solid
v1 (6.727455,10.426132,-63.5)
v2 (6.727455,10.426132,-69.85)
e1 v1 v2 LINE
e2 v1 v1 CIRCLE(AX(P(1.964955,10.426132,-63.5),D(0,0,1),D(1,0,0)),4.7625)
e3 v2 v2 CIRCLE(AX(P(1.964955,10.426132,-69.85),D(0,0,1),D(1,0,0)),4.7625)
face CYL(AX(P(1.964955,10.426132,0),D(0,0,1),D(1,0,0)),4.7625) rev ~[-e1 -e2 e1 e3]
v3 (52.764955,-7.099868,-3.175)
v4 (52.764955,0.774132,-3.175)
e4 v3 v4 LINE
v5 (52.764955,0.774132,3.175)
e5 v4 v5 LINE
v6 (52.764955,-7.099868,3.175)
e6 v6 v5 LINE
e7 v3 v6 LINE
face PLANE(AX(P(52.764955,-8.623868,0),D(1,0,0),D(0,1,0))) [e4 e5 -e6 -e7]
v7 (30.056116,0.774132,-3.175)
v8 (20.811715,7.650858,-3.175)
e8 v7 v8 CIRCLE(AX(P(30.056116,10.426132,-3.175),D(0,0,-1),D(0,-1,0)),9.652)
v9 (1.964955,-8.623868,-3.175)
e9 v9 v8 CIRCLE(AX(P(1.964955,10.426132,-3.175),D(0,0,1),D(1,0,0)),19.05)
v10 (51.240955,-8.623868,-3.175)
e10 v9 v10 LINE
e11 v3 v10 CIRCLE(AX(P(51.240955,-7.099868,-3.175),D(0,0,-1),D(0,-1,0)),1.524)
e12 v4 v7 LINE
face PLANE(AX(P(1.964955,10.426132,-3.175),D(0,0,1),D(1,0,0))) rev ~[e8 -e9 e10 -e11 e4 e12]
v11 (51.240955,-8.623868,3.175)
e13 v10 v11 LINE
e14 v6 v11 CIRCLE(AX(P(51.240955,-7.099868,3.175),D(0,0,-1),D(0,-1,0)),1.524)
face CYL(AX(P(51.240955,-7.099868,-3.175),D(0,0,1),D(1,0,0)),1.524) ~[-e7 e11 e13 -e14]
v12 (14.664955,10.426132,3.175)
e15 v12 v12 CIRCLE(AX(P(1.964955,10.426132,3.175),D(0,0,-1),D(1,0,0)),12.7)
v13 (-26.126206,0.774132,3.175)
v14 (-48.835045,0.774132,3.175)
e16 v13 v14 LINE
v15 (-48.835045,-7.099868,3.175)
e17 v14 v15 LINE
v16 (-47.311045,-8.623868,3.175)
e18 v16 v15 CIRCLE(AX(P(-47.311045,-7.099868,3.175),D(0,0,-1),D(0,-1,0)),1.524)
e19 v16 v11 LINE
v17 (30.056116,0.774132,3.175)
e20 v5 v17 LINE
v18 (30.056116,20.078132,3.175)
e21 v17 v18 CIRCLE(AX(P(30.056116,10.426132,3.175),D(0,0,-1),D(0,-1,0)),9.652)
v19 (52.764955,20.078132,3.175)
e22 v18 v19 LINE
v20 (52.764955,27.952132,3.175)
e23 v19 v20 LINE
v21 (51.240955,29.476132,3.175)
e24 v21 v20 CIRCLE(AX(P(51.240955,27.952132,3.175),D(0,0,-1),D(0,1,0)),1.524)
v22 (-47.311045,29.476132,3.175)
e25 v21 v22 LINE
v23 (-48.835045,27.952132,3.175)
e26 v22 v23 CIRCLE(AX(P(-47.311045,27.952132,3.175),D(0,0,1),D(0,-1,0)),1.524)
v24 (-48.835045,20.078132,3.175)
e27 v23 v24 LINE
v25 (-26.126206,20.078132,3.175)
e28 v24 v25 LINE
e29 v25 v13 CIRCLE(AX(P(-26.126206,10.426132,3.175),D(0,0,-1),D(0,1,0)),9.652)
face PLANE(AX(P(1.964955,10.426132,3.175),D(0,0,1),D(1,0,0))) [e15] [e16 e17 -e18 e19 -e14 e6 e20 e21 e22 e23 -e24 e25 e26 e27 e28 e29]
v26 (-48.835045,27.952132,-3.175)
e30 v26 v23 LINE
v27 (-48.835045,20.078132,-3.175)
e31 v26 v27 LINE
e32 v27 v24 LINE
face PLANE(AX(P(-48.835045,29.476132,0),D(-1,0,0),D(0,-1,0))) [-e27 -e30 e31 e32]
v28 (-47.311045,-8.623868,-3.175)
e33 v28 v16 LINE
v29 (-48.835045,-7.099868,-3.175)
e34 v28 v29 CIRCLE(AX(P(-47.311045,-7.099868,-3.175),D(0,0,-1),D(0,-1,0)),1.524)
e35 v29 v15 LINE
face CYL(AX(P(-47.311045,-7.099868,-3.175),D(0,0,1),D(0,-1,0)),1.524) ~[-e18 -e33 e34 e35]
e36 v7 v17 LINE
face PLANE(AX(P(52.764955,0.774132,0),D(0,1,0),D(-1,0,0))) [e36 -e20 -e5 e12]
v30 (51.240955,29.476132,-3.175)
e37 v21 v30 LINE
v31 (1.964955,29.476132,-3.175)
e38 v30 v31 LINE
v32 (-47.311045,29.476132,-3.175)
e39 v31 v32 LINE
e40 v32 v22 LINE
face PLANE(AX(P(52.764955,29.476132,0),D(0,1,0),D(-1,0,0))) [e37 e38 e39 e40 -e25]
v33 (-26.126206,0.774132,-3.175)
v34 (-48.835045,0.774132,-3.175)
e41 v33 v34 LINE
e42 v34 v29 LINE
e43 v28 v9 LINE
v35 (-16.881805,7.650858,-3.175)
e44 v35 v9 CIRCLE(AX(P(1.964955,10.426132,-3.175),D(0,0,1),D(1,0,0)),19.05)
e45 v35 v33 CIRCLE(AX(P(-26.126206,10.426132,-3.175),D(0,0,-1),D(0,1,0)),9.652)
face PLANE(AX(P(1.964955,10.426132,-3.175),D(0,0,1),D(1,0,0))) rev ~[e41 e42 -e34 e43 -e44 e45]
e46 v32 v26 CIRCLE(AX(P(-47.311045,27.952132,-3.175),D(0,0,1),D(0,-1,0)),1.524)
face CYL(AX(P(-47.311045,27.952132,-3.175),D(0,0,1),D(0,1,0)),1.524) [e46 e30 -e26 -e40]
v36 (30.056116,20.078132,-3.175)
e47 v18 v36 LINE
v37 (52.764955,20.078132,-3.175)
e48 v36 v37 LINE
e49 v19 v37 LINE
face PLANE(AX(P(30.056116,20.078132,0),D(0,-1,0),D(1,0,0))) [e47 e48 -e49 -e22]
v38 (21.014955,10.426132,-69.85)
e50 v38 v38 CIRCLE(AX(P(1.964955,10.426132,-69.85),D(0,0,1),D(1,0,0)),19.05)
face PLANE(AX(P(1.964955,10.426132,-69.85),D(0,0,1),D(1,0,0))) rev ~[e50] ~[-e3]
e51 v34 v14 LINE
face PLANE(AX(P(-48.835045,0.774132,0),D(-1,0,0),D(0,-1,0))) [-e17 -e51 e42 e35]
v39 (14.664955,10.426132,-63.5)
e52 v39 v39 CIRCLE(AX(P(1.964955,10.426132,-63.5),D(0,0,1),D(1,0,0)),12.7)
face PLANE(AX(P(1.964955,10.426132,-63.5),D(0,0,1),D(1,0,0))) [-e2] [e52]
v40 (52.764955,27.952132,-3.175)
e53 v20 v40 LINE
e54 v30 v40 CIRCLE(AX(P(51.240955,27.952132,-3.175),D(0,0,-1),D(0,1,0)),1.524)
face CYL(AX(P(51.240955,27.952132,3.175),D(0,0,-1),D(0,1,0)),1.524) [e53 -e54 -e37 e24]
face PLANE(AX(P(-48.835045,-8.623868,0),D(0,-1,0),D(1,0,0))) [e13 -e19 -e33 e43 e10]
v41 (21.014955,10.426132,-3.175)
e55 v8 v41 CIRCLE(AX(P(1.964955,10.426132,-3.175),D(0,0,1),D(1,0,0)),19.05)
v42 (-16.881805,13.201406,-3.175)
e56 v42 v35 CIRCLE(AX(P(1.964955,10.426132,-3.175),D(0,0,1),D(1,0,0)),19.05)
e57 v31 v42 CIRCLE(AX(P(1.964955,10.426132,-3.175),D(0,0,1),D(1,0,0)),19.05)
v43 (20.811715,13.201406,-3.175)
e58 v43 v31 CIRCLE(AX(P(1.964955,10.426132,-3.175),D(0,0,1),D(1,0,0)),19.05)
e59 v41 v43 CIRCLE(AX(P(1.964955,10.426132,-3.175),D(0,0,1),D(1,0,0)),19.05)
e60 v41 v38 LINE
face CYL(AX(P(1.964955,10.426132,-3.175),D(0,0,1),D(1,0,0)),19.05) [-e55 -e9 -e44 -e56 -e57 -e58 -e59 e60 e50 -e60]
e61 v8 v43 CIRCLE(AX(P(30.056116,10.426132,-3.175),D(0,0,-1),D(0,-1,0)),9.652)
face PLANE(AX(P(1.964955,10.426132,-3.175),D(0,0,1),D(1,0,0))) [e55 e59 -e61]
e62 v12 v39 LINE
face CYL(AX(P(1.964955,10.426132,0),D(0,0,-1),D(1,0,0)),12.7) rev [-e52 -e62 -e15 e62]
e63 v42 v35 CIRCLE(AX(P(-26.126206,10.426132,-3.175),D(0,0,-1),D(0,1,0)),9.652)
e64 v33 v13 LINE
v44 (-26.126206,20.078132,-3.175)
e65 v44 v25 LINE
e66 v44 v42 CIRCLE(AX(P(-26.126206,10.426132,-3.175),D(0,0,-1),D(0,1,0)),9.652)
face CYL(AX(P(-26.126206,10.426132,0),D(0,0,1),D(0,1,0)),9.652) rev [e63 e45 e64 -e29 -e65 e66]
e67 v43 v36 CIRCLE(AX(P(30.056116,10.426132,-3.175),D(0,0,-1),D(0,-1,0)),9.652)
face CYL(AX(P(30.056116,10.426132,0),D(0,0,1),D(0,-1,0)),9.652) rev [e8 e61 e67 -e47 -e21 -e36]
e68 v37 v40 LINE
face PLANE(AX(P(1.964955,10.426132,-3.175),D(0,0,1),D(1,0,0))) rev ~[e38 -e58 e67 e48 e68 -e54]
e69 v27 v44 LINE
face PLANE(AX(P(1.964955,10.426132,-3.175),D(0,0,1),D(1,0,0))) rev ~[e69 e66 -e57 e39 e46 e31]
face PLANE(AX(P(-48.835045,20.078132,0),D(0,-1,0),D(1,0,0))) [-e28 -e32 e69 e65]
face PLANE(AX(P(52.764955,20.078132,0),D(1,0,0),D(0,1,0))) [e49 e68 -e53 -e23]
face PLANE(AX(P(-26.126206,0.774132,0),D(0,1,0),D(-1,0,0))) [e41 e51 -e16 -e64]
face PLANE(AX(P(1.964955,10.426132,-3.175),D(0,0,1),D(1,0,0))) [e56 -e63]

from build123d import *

# Parameters (mm, degrees)
F1_DEPTH      = 3.175
F2_R          = 1.524
F5_START      = -3.175
F4_R          = 19.05
F5_DEPTH      = 66.675
F3_R          = 12.7
F6_DEPTH      = 63.5
F6_DEPTH_BACK = 25.4
F7_R          = 4.7625
F8_DEPTH      = 75.09229


with BuildPart() as f1:
    # F0 (on Top) → F1 (new body, symmetric)
    with BuildSketch(Plane.XY):
        with BuildLine():
            Line((52.7649549718, 29.4761320562), (-48.8350450282, 29.4761320562))
            Line((-48.8350450282, 29.4761320562), (-48.8350450282, 20.0781320562))
            Line((-48.8350450282, 20.0781320562), (-26.1262064392, 20.0781320562))
            ThreePointArc((-26.1262064392, 20.0781320562), (-16.4742064392, 10.4261320562), (-26.1262064392, 0.7741320562))
            Line((-26.1262064392, 0.7741320562), (-48.8350450282, 0.7741320562))
            Line((-48.8350450282, 0.7741320562), (-48.8350450282, -8.6238679438))
            Line((-48.8350450282, -8.6238679438), (52.7649549718, -8.6238679438))
            Line((52.7649549718, -8.6238679438), (52.7649549718, 0.7741320562))
            Line((52.7649549718, 0.7741320562), (30.0561163827, 0.7741320562))
            ThreePointArc((30.0561163827, 0.7741320562), (20.4041163827, 10.4261320562), (30.0561163827, 20.0781320562))
            Line((30.0561163827, 20.0781320562), (52.7649549718, 20.0781320562))
            Line((52.7649549718, 20.0781320562), (52.7649549718, 29.4761320562))
        make_face()
    extrude(amount=F1_DEPTH, both=True)

    # F2
    f2_edges = [f1.edges().sort_by_distance(p)[0] for p in [
        (52.764955, 29.476132, 0),
        (52.764955, -8.623868, 0),
        (-48.835045, -8.623868, 0),
        (-48.835045, 29.476132, 0),
    ]]
    fillet(f2_edges, radius=F2_R)

    # F4 (on Top) → F5 (join)
    with BuildSketch(Plane.XY.offset(F5_START)):
        with Locations((1.9649549718, 10.4261320562)):
            Circle(F4_R)
    extrude(amount=-F5_DEPTH)

    # F3 (on Top) → F6 (cut, two sides)
    with BuildSketch(Plane.XY) as f6_sk:
        with Locations((1.9649549718, 10.4261320562)):
            Circle(F3_R)
    extrude(amount=-F6_DEPTH, mode=Mode.SUBTRACT)
    extrude(f6_sk.sketch, amount=F6_DEPTH_BACK, mode=Mode.SUBTRACT)

    # F7 (on Top) → F8 (cut)
    with BuildSketch(Plane.XY):
        with Locations((1.9649549718, 10.4261320562)):
            Circle(F7_R)
    extrude(amount=-F8_DEPTH, mode=Mode.SUBTRACT)


solid = f1.part
